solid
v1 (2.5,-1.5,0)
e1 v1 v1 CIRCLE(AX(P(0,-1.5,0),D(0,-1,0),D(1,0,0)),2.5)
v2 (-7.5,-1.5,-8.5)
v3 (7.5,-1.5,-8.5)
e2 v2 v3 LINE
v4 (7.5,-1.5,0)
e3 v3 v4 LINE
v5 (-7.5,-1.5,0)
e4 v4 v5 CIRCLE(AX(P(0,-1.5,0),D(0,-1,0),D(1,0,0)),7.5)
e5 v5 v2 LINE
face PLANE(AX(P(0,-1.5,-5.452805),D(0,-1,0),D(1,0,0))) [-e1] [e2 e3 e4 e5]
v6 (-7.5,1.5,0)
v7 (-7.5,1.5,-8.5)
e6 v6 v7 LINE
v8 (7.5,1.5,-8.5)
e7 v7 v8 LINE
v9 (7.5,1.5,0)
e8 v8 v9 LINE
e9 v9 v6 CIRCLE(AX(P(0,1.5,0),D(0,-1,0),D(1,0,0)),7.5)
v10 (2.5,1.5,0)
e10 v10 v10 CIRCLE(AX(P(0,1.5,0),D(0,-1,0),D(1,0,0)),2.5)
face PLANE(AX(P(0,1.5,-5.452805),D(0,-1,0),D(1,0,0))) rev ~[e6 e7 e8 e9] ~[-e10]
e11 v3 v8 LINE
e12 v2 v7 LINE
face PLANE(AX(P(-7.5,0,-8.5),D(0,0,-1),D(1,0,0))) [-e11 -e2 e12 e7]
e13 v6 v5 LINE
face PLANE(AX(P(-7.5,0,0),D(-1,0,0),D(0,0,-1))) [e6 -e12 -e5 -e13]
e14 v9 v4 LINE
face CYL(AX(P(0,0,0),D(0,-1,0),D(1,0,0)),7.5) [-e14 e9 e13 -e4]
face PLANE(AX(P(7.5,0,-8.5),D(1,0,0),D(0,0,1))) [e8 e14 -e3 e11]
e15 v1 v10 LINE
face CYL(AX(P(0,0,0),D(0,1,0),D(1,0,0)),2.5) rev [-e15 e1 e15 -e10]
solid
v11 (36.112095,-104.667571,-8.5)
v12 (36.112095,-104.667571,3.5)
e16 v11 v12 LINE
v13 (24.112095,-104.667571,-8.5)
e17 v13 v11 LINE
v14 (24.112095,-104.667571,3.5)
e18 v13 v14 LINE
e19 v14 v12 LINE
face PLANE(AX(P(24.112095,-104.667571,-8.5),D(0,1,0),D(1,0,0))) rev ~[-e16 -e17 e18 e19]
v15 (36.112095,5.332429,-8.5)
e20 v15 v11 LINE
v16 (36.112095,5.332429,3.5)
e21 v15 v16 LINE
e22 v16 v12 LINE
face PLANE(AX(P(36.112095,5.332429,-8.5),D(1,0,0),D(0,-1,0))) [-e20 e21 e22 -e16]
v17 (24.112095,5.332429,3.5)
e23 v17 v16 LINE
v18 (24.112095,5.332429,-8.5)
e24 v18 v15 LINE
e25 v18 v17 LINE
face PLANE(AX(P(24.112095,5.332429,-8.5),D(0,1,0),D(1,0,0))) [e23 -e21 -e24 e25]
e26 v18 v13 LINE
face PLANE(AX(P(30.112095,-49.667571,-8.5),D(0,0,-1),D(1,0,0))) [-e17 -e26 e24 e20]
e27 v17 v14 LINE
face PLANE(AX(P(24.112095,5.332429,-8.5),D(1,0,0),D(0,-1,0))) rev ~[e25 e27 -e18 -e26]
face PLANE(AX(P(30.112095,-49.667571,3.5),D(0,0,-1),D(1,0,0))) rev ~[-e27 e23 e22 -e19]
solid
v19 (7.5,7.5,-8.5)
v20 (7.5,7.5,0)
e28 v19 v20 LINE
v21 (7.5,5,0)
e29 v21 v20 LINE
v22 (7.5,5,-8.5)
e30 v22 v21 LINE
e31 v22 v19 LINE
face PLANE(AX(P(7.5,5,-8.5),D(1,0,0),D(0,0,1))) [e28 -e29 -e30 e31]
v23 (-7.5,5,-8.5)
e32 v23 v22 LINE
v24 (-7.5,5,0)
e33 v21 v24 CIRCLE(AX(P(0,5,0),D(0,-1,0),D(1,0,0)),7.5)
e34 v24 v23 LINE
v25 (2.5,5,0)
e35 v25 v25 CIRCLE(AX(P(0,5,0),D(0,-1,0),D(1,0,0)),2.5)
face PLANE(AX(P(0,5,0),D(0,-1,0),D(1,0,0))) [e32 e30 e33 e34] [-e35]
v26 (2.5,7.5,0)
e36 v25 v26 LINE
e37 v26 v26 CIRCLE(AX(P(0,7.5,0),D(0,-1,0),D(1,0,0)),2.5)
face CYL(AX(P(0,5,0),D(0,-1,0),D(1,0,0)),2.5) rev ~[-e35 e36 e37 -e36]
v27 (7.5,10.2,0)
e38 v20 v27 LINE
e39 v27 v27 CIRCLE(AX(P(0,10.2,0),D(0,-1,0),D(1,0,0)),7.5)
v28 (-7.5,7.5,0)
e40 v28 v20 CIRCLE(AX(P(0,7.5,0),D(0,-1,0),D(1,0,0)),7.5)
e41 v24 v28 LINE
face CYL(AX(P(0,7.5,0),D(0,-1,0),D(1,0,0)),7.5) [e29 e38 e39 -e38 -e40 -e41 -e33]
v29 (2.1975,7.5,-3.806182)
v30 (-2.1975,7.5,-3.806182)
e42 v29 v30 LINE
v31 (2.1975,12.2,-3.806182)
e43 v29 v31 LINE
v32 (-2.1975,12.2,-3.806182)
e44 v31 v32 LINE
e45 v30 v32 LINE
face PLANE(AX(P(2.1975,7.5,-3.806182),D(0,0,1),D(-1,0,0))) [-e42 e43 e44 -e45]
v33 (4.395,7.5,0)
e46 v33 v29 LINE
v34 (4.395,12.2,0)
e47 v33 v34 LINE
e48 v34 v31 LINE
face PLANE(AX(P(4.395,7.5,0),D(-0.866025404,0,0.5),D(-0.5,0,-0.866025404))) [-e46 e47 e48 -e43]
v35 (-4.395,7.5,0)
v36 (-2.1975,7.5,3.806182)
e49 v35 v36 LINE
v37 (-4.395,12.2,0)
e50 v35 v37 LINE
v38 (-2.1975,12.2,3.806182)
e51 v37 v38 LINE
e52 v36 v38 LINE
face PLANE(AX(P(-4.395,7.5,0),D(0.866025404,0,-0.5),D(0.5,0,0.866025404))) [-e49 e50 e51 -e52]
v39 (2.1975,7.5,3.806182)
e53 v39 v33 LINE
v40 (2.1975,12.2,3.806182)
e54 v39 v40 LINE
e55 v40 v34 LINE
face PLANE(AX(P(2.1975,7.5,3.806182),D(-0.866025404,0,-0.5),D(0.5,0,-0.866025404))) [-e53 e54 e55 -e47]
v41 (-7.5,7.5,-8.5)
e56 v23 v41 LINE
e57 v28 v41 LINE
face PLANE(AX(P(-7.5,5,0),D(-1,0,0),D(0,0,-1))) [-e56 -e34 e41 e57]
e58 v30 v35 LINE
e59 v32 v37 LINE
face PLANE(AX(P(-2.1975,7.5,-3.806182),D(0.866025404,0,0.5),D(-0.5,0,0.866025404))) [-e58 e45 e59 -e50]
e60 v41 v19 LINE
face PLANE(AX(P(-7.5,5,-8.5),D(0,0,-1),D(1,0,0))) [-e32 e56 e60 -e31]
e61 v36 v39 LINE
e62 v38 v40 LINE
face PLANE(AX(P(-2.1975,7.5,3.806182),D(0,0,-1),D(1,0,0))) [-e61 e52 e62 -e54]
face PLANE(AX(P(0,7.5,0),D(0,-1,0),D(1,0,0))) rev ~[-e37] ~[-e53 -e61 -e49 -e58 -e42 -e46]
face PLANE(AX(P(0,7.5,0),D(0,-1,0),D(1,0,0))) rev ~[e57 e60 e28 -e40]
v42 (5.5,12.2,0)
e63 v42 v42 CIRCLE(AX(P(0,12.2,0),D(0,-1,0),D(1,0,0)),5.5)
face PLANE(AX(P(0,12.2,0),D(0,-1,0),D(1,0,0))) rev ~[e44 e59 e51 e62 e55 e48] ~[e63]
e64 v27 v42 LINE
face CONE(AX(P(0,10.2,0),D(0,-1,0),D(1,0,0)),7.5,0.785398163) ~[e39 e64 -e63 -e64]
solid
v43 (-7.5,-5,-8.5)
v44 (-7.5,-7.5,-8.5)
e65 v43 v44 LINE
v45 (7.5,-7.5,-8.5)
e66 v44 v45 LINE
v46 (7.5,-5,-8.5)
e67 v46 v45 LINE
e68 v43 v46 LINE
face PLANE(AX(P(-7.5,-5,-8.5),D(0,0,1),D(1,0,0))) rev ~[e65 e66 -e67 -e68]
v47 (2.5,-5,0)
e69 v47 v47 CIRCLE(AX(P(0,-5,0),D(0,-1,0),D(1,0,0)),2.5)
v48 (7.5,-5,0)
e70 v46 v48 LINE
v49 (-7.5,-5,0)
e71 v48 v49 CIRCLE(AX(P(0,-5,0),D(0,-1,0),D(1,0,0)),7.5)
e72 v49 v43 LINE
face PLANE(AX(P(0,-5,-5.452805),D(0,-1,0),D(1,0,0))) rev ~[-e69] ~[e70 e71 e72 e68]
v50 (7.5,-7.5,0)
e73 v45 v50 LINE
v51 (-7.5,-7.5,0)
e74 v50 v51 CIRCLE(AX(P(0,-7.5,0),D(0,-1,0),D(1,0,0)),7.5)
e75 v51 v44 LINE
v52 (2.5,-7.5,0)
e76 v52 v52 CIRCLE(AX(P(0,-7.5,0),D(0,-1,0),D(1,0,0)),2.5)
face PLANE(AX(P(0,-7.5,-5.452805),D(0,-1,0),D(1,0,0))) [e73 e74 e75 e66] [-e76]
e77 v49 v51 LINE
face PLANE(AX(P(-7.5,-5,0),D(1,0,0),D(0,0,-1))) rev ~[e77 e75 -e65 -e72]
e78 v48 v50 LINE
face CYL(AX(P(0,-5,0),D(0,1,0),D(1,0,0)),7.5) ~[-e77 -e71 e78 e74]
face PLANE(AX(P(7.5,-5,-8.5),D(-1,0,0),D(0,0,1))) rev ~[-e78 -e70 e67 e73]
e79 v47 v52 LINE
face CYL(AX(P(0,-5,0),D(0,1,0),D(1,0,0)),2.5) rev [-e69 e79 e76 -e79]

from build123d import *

# Parameters (mm, degrees)
F0_R     = 2.5
F1_DEPTH = 1.5
F2_START = 5
F2_DEPTH = 2.5
F3_START = -5
F3_DEPTH = 2.5
F4_START = -7.5
F4_DEPTH = 4.7
F5_SIZE  = 2
F6_W     = 12
F6_H     = 110
F7_DEPTH = 12


with BuildPart() as f1:
    # F0 (on Front) → F1 (new body, symmetric)
    with BuildSketch(Plane.XZ):
        with BuildLine():
            Line((7.5, -8.5), (7.5, 0))
            ThreePointArc((7.5, 0), (0, -7.5), (-7.5, 0))
            Line((-7.5, 0), (-7.5, -8.5))
            Line((-7.5, -8.5), (7.5, -8.5))
        make_face()
        with BuildLine():
            ThreePointArc((-7.5, 0), (0, -7.5), (7.5, 0))
            ThreePointArc((7.5, 0), (0, 7.5), (-7.5, 0))
        make_face()
        Polygon((2.1975, 3.8061816496), (4.395, 0), (2.1975, -3.8061816496), (-2.1975, -3.8061816496), (-4.395, 0), (-2.1975, 3.8061816496), align=None, mode=Mode.SUBTRACT)
        Polygon((2.1975, -3.8061816496), (4.395, 0), (2.1975, 3.8061816496), (-2.1975, 3.8061816496), (-4.395, 0), (-2.1975, -3.8061816496), align=None)
        Circle(F0_R, mode=Mode.SUBTRACT)
    extrude(amount=F1_DEPTH, both=True)


with BuildPart() as f2:
    # F0 (on Front) → F2 (new body)
    with BuildSketch(Plane.XZ.offset(F2_START)):
        with BuildLine():
            Line((7.5, -8.5), (7.5, 0))
            ThreePointArc((7.5, 0), (0, -7.5), (-7.5, 0))
            Line((-7.5, 0), (-7.5, -8.5))
            Line((-7.5, -8.5), (7.5, -8.5))
        make_face()
        with BuildLine():
            ThreePointArc((-7.5, 0), (0, -7.5), (7.5, 0))
            ThreePointArc((7.5, 0), (0, 7.5), (-7.5, 0))
        make_face()
        Polygon((2.1975, 3.8061816496), (4.395, 0), (2.1975, -3.8061816496), (-2.1975, -3.8061816496), (-4.395, 0), (-2.1975, 3.8061816496), align=None, mode=Mode.SUBTRACT)
        Polygon((2.1975, -3.8061816496), (4.395, 0), (2.1975, 3.8061816496), (-2.1975, 3.8061816496), (-4.395, 0), (-2.1975, -3.8061816496), align=None)
        Circle(F0_R, mode=Mode.SUBTRACT)
    extrude(amount=F2_DEPTH)


with BuildPart() as f3:
    # F0 (on Front) → F3 (new body)
    with BuildSketch(Plane.XZ.offset(F3_START)):
        with BuildLine():
            ThreePointArc((-7.5, 0), (0, -7.5), (7.5, 0))
            ThreePointArc((7.5, 0), (0, 7.5), (-7.5, 0))
        make_face()
        Polygon((2.1975, 3.8061816496), (4.395, 0), (2.1975, -3.8061816496), (-2.1975, -3.8061816496), (-4.395, 0), (-2.1975, 3.8061816496), align=None, mode=Mode.SUBTRACT)
        with BuildLine():
            Line((7.5, -8.5), (7.5, 0))
            ThreePointArc((7.5, 0), (0, -7.5), (-7.5, 0))
            Line((-7.5, 0), (-7.5, -8.5))
            Line((-7.5, -8.5), (7.5, -8.5))
        make_face()
        Polygon((2.1975, -3.8061816496), (4.395, 0), (2.1975, 3.8061816496), (-2.1975, 3.8061816496), (-4.395, 0), (-2.1975, -3.8061816496), align=None)
        Circle(F0_R, mode=Mode.SUBTRACT)
    extrude(amount=-F3_DEPTH)

    # F0 (on Front) → F4 (join)
    with BuildSketch(Plane.XZ.offset(F4_START)):
        with BuildLine():
            ThreePointArc((-7.5, 0), (0, -7.5), (7.5, 0))
            ThreePointArc((7.5, 0), (0, 7.5), (-7.5, 0))
        make_face()
        Polygon((2.1975, 3.8061816496), (4.395, 0), (2.1975, -3.8061816496), (-2.1975, -3.8061816496), (-4.395, 0), (-2.1975, 3.8061816496), align=None, mode=Mode.SUBTRACT)
    extrude(amount=-F4_DEPTH)

    # F5
    f5_edges = [f3.edges().sort_by_distance(p)[0] for p in [
        (-7.5, 12.2, 0),
    ]]
    chamfer(f5_edges, length=F5_SIZE)


with BuildPart() as f7:
    # F6 (on face) → F7 (new body)
    with BuildSketch(Plane(origin=(0, 0, -8.5), x_dir=(1, 0, 0), z_dir=(0, 0, -1))):
        with Locations((30.112095125, 49.667571038)):
            Rectangle(F6_W, F6_H)
    extrude(amount=-F7_DEPTH)


solid = Compound([f1.part, f2.part, f3.part, f7.part])
